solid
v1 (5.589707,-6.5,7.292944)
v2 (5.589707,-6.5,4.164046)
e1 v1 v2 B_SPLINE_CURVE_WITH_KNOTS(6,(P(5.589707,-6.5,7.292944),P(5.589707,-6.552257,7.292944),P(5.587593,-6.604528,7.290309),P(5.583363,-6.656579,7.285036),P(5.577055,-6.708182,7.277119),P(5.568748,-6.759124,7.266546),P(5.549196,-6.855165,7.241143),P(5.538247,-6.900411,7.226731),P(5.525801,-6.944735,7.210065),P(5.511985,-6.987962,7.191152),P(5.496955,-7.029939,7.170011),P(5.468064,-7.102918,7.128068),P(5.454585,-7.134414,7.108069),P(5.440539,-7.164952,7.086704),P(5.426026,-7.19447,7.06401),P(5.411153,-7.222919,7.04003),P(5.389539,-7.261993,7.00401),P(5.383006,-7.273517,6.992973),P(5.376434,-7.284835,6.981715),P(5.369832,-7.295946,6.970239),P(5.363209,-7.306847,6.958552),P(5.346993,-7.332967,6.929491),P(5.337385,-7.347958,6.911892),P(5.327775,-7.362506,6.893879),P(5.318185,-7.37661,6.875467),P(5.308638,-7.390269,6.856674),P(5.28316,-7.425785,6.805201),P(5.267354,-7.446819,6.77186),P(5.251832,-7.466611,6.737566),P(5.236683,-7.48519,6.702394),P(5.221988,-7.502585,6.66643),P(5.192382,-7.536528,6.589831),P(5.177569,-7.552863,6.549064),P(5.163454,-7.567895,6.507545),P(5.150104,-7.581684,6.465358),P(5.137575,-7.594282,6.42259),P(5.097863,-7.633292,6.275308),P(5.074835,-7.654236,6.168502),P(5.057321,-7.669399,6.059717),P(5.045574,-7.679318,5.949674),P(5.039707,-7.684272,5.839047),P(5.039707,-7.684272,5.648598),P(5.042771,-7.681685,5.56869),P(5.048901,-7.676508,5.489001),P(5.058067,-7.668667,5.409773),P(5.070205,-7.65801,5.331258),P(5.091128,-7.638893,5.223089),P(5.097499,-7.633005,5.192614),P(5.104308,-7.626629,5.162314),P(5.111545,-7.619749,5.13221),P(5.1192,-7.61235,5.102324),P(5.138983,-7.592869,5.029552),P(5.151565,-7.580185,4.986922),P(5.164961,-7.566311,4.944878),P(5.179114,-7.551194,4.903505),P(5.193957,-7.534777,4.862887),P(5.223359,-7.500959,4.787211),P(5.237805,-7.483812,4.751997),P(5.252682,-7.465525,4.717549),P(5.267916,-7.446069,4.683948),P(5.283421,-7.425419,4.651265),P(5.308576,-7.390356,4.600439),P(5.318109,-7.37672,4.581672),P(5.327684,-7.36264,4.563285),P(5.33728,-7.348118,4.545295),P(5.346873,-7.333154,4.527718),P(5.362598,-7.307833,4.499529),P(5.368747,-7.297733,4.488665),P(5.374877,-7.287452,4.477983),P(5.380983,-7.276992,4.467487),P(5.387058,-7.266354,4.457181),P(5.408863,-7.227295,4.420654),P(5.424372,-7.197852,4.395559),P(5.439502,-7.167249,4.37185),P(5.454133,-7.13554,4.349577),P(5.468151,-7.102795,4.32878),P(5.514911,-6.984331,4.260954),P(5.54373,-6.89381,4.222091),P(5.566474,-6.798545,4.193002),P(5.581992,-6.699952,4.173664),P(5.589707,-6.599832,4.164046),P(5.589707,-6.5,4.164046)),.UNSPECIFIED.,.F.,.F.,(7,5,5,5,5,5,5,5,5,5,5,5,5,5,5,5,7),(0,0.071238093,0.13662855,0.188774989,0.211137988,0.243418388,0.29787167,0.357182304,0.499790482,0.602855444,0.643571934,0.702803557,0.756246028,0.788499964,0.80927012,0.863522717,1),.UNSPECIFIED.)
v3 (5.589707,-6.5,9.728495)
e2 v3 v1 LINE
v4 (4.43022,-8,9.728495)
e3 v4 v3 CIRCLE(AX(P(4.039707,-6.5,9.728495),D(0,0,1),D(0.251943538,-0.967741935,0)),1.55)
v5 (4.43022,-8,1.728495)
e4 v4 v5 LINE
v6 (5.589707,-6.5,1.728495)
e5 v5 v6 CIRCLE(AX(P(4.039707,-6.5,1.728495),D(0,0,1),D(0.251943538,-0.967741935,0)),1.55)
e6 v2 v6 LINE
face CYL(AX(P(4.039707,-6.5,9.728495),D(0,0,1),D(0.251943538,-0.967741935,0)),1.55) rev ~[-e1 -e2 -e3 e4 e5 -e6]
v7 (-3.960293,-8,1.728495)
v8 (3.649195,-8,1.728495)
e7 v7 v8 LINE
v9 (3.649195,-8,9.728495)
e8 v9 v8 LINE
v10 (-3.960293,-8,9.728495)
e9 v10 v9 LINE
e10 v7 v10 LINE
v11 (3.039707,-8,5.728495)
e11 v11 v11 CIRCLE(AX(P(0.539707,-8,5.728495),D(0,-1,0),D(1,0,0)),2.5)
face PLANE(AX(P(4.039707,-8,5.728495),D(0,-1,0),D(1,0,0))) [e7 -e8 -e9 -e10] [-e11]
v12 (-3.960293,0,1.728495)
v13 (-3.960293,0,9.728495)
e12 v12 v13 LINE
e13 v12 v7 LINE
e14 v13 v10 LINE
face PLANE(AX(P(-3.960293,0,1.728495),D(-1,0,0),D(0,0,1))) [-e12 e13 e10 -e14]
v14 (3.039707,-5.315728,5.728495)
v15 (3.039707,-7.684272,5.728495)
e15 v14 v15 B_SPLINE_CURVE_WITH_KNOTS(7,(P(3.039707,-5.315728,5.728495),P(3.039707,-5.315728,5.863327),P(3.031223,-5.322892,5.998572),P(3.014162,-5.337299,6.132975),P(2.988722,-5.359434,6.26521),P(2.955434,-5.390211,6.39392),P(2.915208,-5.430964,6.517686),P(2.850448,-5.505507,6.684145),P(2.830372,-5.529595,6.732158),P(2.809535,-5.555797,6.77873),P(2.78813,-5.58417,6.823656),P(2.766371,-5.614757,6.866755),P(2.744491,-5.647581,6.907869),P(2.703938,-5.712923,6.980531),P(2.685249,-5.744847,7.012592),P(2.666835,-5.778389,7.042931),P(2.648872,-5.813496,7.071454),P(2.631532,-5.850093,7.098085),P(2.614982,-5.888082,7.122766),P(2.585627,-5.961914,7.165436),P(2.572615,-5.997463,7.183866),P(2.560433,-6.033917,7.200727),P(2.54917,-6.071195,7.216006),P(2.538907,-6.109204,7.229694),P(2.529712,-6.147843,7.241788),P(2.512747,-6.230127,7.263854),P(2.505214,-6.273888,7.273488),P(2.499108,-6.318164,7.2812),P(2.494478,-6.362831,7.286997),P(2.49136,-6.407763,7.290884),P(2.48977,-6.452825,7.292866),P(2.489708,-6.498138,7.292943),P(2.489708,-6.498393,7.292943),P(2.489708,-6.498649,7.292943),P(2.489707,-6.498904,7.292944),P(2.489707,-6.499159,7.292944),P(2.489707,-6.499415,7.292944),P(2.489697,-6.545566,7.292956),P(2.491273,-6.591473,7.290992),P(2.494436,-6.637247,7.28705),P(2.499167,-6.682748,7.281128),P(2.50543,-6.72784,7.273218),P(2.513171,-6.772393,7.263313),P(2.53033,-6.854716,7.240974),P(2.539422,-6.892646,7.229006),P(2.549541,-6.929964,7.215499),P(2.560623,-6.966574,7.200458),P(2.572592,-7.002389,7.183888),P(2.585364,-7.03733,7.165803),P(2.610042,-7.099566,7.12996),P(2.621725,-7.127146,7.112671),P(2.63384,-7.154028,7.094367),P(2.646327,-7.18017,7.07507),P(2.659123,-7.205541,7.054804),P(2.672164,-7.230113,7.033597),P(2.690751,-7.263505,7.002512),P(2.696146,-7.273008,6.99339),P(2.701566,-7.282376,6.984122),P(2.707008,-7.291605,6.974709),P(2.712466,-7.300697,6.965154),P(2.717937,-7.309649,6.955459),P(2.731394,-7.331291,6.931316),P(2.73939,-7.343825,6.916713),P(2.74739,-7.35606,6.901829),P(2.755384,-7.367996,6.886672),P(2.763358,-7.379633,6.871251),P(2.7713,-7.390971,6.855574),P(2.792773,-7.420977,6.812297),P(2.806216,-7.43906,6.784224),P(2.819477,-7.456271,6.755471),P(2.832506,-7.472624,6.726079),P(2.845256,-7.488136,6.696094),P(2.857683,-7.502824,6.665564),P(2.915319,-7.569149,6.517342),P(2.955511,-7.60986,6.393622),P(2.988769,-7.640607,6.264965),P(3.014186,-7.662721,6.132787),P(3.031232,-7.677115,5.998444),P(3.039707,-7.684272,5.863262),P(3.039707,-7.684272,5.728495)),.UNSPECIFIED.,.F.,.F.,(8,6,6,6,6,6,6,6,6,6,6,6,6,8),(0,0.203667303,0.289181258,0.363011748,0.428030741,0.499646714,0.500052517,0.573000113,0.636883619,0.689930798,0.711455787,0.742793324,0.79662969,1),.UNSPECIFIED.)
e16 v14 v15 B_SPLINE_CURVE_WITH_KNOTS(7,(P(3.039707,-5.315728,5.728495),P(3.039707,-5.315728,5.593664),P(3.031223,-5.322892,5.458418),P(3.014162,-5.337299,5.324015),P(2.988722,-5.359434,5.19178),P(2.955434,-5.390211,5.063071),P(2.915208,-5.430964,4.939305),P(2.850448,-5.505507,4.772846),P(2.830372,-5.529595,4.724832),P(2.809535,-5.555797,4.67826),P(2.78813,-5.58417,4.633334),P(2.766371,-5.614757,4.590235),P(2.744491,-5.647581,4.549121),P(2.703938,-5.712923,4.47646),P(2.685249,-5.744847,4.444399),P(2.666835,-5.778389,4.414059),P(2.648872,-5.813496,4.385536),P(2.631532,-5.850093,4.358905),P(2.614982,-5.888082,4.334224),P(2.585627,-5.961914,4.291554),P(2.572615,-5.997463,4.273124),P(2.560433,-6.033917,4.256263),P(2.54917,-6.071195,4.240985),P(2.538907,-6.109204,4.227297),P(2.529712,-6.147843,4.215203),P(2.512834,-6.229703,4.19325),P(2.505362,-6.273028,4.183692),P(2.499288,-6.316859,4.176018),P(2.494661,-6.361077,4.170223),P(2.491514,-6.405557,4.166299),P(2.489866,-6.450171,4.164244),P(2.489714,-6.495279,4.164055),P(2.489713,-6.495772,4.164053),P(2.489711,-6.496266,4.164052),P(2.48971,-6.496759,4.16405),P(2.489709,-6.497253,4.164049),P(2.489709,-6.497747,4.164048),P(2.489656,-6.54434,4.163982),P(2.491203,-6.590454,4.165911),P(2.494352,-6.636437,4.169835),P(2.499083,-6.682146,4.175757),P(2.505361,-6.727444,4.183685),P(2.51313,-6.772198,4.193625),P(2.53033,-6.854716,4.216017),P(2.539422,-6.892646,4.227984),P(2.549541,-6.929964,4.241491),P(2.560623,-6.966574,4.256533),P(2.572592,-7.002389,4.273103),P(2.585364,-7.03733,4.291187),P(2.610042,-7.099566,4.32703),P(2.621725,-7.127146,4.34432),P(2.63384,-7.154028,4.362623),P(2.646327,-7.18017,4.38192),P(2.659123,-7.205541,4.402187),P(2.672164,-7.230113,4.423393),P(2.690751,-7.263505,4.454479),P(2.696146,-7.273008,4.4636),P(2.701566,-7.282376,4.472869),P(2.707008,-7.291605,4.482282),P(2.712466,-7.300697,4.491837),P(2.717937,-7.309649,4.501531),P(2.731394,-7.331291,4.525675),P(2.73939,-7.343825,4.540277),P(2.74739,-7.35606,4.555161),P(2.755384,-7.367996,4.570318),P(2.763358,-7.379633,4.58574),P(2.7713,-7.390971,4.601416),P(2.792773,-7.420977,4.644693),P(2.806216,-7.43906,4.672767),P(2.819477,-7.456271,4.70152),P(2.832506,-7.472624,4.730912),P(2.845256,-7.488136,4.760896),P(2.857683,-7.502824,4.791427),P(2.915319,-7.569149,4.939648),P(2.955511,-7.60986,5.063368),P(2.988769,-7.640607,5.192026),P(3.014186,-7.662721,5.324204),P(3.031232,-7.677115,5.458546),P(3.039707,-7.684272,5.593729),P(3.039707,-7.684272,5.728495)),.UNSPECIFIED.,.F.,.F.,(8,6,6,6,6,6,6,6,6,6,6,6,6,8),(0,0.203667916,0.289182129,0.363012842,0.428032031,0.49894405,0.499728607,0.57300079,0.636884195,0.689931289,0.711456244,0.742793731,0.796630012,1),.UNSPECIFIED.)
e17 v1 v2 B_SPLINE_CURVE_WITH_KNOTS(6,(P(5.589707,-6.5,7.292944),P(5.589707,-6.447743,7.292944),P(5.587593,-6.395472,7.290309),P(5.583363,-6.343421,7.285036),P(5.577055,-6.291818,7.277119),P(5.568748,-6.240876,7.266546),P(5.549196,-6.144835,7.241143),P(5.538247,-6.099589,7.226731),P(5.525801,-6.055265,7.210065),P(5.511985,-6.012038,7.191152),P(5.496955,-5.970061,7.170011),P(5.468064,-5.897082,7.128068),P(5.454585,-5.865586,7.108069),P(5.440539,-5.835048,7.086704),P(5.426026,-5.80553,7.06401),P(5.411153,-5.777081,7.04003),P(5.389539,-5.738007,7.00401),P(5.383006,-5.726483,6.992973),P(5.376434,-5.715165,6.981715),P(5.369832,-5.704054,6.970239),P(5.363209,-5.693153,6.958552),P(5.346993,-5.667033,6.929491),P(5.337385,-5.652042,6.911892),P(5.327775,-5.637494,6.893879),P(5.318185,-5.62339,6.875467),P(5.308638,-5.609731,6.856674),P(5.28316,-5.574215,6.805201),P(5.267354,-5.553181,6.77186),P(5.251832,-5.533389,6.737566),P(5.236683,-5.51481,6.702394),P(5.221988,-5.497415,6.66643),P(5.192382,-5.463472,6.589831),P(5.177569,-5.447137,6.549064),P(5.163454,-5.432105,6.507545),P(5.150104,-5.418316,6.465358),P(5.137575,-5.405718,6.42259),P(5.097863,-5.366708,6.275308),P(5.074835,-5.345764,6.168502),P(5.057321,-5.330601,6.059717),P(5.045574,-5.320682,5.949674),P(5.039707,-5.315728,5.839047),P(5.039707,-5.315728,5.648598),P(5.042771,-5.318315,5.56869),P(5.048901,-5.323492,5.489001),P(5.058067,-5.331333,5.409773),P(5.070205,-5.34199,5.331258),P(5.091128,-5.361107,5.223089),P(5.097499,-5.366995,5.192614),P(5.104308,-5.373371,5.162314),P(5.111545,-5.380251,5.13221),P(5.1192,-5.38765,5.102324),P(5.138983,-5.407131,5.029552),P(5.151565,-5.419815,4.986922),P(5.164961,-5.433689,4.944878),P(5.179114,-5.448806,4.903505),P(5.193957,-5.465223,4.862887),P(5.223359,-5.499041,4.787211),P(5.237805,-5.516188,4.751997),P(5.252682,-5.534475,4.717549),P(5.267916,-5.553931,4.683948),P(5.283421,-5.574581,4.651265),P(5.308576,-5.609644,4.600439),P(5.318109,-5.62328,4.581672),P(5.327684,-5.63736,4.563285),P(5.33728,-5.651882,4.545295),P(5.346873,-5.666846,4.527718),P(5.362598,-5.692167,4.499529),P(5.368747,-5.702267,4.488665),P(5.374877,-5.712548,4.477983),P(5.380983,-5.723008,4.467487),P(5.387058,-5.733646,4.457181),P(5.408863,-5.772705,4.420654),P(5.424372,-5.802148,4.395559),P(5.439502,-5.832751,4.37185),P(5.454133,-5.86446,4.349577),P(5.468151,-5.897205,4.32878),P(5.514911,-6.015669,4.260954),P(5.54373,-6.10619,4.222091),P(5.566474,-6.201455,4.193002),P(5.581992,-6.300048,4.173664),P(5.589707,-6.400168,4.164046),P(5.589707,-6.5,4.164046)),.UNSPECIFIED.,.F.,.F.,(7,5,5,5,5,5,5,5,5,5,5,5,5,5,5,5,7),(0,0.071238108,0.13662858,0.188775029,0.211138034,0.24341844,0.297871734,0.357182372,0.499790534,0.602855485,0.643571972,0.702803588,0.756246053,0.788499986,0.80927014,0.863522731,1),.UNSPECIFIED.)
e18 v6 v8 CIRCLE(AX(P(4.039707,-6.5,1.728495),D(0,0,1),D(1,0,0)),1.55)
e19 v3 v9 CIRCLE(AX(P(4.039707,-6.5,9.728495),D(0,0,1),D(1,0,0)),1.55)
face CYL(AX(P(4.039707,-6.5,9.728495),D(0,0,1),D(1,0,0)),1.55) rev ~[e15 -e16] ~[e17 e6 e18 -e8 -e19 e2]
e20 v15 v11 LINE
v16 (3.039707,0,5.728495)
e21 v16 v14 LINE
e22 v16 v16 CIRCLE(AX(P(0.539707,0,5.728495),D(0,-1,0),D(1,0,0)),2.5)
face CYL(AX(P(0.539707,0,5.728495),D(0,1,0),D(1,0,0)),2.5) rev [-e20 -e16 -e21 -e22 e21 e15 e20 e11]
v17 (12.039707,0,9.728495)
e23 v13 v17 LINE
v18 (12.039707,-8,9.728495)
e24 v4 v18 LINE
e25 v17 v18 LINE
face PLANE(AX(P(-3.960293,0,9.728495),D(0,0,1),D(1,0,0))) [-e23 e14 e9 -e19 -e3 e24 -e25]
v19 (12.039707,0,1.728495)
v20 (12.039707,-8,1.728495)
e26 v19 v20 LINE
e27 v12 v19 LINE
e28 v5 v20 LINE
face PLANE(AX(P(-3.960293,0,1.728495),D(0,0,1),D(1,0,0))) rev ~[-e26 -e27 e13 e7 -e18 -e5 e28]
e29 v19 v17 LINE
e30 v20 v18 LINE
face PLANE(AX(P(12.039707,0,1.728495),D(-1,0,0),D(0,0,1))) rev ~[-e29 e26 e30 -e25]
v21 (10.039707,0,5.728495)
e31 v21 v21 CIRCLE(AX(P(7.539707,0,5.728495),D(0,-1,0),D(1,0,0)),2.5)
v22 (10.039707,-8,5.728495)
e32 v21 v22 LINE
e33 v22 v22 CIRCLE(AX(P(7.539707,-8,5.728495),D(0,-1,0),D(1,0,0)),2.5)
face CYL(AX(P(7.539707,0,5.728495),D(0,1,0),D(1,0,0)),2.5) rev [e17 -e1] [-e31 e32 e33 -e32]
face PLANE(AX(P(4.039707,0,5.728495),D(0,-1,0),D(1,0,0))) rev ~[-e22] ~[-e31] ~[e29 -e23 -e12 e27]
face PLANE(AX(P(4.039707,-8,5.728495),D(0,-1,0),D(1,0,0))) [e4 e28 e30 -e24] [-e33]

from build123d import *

# Parameters (mm, degrees)
F0_W     = 16
F0_H     = 8
F0_R     = 2.5
F1_DEPTH = 8
F3_DEPTH = 8.001


with BuildPart() as f1:
    # F0 (on Front) → F1 (new body)
    with BuildSketch(Plane.XZ):
        with Locations((4.0397070954, 5.7284952411)):
            Rectangle(F0_W, F0_H)
        with Locations((0.5397070954, 5.7284952411)):
            Circle(F0_R, mode=Mode.SUBTRACT)
        with Locations((7.5397070954, 5.7284952411)):
            Circle(F0_R, mode=Mode.SUBTRACT)
    extrude(amount=F1_DEPTH)

    # F2 (on face) → F3 (cut, through all)
    with BuildSketch(Plane.XY.offset(9.7284952411)):
        with BuildLine():
            ThreePointArc((4.4302195792, -8), (5.2660419497, -7.4479466362), (5.5897070954, -6.5))
            ThreePointArc((5.5897070954, -6.5), (3.0917604592, -5.2736651457), (3.6491946116, -8))
            Line((3.6491946116, -8), (4.4302195792, -8))
        make_face()
    extrude(amount=-F3_DEPTH, mode=Mode.SUBTRACT)


solid = f1.part
